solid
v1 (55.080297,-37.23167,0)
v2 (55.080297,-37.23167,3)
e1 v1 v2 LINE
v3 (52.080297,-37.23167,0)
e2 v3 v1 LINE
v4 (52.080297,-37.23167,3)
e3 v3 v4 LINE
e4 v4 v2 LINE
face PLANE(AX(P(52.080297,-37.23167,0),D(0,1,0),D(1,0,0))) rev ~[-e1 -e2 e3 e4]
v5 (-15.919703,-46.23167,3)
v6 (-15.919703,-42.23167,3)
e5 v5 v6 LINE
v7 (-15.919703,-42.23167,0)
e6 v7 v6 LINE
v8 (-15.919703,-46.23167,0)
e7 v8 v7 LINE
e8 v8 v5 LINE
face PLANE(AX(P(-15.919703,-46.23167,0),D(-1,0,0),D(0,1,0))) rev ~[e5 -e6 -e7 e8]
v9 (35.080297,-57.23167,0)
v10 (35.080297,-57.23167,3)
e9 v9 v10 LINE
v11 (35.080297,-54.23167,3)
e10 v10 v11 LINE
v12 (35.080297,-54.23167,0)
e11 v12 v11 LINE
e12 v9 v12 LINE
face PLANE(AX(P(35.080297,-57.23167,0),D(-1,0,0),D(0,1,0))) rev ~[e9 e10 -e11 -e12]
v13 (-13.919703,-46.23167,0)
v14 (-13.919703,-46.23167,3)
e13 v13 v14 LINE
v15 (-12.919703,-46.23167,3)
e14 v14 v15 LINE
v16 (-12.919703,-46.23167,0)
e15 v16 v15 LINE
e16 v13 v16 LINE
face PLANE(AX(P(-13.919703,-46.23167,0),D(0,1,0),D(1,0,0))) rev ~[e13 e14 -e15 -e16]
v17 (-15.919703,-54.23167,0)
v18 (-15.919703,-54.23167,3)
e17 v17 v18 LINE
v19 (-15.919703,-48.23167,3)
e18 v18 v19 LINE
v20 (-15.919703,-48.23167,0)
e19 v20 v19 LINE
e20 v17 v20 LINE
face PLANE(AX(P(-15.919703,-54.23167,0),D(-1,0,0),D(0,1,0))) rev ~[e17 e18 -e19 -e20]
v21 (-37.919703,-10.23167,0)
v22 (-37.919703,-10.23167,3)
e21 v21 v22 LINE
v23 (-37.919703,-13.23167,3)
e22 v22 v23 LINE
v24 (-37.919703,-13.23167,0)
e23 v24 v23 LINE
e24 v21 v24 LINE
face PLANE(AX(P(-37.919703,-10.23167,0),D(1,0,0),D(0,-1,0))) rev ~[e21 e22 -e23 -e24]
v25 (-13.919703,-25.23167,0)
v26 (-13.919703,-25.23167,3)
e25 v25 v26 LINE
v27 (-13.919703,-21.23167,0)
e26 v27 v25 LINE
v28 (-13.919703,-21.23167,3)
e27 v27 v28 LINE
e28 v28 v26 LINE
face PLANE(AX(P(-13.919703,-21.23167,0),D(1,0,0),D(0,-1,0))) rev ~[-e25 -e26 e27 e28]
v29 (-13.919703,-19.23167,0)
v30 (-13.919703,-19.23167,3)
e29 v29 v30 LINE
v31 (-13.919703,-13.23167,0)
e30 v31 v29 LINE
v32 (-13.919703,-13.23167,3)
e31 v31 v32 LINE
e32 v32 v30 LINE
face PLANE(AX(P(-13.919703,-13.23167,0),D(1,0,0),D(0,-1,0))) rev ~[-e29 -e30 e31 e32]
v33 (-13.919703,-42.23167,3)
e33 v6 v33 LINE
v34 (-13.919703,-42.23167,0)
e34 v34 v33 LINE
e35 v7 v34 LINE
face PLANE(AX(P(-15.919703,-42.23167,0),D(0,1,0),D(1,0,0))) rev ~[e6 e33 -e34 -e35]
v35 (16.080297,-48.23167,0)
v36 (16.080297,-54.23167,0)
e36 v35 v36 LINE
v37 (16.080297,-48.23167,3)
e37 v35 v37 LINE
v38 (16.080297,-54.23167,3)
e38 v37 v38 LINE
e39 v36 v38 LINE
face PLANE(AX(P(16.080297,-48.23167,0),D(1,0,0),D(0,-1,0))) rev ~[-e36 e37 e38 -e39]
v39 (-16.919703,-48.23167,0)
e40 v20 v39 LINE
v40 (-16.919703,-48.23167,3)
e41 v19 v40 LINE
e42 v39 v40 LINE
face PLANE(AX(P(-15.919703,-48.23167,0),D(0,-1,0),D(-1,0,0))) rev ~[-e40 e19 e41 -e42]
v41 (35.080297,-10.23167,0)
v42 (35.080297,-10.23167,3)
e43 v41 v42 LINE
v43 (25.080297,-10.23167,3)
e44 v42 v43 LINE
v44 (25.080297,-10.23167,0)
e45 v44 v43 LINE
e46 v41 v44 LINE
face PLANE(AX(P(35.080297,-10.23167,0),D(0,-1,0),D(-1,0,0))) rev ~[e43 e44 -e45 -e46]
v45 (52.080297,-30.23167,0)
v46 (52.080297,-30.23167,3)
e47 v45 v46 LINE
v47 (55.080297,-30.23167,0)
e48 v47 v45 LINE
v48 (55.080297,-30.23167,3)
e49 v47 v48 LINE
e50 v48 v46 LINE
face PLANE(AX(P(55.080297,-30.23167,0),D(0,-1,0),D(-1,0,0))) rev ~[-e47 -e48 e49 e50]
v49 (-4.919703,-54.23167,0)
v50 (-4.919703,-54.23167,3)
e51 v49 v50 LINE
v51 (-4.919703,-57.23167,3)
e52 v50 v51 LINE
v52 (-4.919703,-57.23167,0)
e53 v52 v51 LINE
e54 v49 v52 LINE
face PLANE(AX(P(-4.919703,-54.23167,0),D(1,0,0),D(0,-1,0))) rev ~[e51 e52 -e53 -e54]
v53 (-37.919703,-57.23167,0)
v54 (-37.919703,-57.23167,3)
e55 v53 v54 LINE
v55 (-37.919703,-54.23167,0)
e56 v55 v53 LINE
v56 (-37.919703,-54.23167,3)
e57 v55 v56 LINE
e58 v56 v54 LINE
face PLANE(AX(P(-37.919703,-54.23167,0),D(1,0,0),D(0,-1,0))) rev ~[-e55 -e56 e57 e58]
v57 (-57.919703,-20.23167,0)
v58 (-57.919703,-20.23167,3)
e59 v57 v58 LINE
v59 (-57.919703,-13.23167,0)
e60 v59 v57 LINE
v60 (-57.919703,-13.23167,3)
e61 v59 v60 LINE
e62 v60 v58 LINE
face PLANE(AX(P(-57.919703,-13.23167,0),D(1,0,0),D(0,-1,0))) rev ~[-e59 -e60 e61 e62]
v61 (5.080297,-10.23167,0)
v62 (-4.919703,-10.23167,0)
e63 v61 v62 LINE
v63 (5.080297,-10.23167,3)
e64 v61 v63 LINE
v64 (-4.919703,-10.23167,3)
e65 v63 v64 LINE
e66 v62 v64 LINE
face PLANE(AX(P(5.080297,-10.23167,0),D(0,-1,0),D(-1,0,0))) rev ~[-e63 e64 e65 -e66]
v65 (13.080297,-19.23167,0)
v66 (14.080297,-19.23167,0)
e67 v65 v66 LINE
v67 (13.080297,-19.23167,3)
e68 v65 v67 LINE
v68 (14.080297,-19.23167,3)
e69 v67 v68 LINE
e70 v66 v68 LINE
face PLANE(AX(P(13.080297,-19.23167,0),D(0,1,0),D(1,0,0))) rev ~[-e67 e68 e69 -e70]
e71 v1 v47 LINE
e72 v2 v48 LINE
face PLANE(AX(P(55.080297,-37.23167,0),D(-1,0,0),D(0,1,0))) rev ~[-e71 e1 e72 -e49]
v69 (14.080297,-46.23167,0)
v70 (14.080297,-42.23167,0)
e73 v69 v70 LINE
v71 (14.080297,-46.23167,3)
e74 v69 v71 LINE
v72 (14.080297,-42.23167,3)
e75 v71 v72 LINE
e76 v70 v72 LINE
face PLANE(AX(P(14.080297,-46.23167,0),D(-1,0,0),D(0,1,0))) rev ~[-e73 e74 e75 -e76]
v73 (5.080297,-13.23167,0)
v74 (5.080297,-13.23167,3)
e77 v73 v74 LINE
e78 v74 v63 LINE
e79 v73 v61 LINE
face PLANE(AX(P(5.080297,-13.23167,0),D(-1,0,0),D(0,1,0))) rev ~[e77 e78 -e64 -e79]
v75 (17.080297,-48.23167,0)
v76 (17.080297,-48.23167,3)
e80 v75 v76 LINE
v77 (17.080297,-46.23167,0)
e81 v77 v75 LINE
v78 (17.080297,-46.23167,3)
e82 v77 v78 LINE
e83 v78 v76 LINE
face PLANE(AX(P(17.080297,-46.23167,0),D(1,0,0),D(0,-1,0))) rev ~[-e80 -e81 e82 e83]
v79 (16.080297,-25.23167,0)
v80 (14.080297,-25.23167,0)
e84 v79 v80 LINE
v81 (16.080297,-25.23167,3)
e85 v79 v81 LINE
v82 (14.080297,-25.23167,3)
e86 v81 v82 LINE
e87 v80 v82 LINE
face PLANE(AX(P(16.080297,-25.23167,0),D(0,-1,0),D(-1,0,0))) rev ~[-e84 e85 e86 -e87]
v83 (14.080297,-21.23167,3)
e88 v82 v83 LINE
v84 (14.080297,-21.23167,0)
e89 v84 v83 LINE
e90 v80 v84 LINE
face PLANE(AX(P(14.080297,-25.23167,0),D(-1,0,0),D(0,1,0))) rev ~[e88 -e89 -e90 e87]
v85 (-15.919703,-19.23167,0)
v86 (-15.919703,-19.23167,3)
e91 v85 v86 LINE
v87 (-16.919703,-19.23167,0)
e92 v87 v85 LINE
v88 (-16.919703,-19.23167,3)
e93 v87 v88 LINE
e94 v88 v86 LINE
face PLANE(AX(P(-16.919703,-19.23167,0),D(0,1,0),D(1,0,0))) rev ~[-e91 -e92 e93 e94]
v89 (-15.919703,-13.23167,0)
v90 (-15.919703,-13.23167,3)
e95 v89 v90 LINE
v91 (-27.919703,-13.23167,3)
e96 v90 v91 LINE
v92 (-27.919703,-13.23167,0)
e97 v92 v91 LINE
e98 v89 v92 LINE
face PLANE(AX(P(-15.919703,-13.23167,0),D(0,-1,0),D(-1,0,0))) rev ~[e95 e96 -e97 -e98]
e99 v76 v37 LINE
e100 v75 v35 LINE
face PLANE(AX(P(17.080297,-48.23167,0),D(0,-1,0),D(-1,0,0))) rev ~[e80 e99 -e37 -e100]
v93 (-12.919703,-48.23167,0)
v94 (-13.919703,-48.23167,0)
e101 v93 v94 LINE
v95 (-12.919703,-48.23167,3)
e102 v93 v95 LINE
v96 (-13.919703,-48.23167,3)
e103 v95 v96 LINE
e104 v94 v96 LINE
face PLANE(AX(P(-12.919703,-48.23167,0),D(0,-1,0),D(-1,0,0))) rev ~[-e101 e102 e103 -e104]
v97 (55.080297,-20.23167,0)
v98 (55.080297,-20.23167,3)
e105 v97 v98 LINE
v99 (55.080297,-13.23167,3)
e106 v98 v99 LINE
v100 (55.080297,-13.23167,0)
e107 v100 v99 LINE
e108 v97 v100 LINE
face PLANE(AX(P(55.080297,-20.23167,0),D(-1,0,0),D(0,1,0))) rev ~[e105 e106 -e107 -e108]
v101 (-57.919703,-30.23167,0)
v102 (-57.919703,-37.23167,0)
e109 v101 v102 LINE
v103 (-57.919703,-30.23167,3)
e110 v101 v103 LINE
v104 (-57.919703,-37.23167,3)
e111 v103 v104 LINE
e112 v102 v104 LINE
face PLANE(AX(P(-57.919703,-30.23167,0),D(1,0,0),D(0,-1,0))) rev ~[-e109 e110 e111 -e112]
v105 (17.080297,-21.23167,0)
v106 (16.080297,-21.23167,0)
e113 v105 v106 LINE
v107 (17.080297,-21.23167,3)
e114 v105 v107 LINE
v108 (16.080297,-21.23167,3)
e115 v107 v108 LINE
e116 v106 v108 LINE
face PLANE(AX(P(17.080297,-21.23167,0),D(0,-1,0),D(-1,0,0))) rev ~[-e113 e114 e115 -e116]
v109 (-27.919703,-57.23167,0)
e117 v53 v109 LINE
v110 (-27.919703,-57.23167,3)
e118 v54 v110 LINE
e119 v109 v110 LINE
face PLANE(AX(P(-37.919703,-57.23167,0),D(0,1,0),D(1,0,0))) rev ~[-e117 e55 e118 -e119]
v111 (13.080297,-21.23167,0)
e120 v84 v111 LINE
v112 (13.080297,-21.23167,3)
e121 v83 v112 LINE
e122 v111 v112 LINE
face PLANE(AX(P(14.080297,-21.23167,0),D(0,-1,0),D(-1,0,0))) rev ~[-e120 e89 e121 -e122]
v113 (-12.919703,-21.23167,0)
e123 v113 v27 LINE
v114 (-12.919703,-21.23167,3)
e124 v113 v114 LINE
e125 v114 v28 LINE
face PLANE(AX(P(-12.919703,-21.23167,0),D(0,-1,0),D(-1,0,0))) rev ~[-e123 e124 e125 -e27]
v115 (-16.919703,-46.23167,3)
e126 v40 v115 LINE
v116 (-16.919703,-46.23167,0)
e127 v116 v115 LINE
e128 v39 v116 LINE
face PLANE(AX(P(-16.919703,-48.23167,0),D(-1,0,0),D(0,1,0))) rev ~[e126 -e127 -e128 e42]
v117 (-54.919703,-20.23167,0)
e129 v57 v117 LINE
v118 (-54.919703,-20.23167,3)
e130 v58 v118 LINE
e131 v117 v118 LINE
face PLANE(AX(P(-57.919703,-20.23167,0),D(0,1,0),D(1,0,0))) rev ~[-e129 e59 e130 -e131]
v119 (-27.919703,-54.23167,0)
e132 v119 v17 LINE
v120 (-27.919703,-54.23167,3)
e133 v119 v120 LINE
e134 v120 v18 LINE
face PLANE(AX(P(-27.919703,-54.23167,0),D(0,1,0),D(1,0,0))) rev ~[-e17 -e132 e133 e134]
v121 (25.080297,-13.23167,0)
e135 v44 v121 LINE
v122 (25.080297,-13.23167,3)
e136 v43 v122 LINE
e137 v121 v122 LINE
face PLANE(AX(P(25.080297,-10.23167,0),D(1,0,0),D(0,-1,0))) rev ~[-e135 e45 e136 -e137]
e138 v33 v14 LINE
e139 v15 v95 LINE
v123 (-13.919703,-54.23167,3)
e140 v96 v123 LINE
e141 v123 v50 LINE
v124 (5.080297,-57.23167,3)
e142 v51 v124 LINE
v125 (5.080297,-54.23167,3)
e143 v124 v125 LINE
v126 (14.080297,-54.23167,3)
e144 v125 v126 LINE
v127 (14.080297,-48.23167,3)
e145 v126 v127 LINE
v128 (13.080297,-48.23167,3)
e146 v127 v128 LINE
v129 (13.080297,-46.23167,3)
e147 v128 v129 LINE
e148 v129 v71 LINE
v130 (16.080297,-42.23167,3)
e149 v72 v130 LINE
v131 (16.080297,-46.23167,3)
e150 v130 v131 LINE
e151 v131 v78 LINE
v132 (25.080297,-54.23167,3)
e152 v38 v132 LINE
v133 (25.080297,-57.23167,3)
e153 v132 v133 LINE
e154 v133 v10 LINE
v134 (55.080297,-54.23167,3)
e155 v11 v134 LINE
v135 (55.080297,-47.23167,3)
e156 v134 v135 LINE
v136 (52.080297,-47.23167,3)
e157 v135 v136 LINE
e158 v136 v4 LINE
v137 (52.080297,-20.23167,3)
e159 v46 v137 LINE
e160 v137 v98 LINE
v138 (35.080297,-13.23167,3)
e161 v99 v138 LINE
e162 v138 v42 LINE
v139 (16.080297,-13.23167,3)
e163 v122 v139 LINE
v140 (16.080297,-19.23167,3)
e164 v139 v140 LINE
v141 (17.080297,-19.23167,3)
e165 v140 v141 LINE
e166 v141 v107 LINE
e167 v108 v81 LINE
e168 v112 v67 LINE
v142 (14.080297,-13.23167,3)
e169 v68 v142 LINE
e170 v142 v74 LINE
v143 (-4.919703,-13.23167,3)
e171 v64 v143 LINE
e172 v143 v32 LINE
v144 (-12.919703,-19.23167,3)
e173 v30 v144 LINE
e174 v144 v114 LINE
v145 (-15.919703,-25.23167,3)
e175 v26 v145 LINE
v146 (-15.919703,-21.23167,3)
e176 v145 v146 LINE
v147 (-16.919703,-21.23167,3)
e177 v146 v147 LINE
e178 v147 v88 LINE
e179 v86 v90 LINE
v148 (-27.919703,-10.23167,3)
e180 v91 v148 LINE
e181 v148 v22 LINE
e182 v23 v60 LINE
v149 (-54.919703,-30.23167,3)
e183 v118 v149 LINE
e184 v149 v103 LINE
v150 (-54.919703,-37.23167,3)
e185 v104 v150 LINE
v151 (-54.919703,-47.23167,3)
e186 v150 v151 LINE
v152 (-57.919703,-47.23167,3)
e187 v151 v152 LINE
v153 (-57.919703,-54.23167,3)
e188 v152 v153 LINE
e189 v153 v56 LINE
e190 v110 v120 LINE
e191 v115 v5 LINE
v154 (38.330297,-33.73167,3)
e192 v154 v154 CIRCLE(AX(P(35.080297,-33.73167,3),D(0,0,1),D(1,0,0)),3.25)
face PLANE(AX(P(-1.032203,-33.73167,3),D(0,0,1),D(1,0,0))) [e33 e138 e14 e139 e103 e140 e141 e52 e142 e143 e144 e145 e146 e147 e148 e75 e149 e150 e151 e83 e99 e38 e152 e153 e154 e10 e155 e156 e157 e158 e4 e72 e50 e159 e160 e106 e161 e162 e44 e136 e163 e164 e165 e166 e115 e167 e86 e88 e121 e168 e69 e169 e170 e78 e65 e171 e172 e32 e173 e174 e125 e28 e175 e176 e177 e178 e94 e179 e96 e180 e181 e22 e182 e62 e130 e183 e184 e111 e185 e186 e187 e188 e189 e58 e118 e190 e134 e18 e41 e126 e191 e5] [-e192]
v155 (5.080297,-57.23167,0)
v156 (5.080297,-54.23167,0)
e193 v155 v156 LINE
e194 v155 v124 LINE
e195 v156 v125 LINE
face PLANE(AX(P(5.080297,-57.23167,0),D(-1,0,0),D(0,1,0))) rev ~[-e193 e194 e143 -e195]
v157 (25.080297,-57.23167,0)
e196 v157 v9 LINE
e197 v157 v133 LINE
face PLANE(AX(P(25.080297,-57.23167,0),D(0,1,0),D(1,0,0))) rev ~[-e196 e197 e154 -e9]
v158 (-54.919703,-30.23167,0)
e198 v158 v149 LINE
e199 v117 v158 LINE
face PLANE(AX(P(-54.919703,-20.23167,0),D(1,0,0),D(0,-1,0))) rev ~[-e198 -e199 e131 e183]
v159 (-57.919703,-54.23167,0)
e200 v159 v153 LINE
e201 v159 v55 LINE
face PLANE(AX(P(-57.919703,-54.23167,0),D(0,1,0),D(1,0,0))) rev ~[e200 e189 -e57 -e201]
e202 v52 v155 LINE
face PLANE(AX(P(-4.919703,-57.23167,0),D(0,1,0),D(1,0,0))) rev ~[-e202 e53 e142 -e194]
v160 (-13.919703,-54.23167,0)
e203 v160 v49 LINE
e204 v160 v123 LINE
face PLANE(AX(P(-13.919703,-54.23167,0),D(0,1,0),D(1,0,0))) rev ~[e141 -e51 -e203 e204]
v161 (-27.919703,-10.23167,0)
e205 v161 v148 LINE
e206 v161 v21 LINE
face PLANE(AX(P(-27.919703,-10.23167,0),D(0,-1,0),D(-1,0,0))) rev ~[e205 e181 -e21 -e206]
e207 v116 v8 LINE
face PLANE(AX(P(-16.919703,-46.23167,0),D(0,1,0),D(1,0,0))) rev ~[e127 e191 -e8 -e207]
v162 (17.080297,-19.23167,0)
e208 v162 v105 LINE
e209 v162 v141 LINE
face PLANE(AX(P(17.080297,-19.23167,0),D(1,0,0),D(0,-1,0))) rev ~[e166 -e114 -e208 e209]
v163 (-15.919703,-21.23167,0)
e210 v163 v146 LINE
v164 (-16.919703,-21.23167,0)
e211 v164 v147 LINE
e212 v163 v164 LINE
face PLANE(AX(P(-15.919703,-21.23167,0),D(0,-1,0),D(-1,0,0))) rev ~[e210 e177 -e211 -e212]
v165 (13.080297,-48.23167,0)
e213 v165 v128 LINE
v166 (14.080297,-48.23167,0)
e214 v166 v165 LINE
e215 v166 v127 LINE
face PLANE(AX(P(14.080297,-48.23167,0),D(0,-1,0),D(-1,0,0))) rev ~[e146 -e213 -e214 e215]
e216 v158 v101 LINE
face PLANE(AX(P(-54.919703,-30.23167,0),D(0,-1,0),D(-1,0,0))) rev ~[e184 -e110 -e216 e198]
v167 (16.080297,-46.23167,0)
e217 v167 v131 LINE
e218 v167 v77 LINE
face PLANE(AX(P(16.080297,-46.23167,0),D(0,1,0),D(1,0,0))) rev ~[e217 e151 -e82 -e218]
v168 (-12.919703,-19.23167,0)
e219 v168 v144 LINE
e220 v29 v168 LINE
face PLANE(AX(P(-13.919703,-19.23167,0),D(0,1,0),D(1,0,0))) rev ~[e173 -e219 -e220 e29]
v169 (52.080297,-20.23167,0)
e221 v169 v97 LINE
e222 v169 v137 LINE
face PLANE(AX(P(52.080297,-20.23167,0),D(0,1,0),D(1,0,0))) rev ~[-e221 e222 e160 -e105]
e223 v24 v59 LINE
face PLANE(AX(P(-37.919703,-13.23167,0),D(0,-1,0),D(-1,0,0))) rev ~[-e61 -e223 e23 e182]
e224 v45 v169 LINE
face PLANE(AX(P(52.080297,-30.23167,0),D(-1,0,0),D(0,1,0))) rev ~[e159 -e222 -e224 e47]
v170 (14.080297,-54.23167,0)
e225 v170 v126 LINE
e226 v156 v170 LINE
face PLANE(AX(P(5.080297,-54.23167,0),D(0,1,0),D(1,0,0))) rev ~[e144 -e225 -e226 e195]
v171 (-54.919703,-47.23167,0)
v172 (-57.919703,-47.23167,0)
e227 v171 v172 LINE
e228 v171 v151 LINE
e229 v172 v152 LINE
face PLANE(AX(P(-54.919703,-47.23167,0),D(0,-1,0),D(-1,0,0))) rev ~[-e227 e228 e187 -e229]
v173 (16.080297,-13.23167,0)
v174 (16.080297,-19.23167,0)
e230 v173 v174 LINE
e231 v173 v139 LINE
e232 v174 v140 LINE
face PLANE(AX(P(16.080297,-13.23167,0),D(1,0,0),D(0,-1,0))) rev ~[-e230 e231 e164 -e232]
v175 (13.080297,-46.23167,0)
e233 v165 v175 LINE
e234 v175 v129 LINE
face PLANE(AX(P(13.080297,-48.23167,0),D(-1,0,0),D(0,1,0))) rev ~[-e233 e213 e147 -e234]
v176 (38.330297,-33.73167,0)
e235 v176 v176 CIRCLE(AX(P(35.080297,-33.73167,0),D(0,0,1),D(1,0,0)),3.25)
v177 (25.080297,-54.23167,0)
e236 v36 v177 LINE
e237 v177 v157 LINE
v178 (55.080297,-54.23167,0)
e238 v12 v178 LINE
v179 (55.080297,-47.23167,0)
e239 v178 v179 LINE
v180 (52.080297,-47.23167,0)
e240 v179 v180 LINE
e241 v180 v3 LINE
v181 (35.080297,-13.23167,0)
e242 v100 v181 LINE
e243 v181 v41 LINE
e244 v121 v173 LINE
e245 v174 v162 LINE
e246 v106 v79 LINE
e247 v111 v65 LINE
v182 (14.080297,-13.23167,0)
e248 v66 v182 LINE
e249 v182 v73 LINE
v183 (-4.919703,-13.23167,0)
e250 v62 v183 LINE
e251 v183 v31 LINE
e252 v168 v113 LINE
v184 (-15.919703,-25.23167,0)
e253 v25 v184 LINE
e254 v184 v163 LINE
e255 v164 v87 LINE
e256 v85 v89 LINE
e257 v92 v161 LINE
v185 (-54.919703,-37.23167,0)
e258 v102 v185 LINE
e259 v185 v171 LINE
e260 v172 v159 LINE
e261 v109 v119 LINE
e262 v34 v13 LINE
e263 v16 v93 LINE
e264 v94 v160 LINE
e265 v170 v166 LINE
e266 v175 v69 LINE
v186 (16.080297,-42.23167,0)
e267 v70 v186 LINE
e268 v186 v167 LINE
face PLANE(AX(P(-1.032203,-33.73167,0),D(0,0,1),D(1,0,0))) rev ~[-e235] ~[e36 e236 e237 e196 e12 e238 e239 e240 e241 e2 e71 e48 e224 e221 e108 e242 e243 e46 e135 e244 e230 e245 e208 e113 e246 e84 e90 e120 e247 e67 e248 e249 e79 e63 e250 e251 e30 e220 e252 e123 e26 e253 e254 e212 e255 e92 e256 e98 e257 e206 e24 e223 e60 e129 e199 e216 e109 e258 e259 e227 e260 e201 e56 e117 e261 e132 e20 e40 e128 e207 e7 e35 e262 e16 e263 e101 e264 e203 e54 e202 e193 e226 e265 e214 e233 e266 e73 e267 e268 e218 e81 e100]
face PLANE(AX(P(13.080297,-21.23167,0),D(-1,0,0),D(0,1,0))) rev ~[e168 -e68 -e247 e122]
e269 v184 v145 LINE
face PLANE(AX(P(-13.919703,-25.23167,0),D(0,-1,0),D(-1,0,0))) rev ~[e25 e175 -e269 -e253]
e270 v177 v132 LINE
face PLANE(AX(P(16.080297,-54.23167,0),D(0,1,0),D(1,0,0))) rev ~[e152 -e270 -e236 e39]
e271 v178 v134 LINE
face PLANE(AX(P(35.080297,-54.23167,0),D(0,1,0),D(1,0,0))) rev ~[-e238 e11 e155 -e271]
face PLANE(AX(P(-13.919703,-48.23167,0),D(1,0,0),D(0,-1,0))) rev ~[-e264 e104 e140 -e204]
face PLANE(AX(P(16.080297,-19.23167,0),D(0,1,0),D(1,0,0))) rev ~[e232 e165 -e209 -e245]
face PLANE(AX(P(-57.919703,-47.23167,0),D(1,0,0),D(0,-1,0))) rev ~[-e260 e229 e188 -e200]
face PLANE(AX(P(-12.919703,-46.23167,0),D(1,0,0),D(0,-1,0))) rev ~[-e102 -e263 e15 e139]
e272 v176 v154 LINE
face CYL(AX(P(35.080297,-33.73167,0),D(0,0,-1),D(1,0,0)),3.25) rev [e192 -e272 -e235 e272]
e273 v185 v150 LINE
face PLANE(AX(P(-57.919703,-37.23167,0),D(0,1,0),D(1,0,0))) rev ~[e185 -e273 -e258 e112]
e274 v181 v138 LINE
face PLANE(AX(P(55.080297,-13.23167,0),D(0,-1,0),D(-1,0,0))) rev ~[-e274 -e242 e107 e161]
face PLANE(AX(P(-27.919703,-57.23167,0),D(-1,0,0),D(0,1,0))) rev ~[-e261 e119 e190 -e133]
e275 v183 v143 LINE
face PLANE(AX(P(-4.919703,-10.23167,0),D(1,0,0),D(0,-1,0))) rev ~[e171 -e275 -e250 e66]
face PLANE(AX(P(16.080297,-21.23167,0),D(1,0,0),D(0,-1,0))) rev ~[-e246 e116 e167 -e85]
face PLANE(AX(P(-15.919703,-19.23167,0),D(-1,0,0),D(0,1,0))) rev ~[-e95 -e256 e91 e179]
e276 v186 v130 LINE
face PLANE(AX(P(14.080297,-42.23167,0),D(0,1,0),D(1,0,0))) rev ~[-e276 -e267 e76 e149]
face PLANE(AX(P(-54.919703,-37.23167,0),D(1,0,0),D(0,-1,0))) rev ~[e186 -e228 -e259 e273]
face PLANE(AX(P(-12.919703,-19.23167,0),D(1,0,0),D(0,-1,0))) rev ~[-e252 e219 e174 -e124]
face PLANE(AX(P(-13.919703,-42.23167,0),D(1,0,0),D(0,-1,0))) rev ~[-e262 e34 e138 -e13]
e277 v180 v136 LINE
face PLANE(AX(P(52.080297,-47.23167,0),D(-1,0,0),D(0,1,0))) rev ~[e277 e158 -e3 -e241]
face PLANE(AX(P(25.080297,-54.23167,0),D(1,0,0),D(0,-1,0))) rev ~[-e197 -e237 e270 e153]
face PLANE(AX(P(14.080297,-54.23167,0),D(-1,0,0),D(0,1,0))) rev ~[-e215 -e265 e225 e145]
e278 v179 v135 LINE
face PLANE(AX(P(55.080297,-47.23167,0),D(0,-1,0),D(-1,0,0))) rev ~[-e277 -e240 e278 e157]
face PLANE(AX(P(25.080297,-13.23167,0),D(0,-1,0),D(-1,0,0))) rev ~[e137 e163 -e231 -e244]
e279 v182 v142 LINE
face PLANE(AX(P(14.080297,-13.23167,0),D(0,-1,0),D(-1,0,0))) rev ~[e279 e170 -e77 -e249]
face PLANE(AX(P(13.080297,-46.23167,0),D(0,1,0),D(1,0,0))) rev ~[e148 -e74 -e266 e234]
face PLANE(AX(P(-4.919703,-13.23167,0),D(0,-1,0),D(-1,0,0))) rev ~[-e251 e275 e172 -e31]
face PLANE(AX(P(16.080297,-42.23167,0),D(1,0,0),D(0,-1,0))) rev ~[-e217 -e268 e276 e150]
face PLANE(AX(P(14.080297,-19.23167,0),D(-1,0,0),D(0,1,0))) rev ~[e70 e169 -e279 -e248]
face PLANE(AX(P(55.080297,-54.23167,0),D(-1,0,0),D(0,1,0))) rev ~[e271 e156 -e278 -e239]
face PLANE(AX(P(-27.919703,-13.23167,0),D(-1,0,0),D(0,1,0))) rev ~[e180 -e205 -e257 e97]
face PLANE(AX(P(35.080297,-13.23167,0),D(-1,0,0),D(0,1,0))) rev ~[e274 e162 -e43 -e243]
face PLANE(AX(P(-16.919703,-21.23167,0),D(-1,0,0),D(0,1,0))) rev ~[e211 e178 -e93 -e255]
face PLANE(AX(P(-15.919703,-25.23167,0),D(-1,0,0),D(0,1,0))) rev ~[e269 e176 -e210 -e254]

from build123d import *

# Parameters (mm, degrees)
F0_R     = 3.25
F1_DEPTH = 3


with BuildPart() as f1:
    # F0 (on Top) → F1 (new body)
    with BuildSketch(Plane.XY):
        Polygon((35.080297, -54.23167), (55.080297, -54.23167), (55.080297, -47.23167), (52.080297, -47.23167), (52.080297, -37.23167), (55.080297, -37.23167), (55.080297, -30.23167), (52.080297, -30.23167), (52.080297, -20.23167), (55.080297, -20.23167), (55.080297, -13.23167), (35.080297, -13.23167), (35.080297, -10.23167), (25.080297, -10.23167), (25.080297, -13.23167), (16.080297, -13.23167), (16.080297, -19.23167), (17.080297, -19.23167), (17.080297, -21.23167), (16.080297, -21.23167), (16.080297, -25.23167), (14.080297, -25.23167), (14.080297, -21.23167), (13.080297, -21.23167), (13.080297, -19.23167), (14.080297, -19.23167), (14.080297, -13.23167), (5.080297, -13.23167), (5.080297, -10.23167), (-4.919703, -10.23167), (-4.919703, -13.23167), (-13.919703, -13.23167), (-13.919703, -19.23167), (-12.919703, -19.23167), (-12.919703, -21.23167), (-13.919703, -21.23167), (-13.919703, -25.23167), (-15.919703, -25.23167), (-15.919703, -21.23167), (-16.919703, -21.23167), (-16.919703, -19.23167), (-15.919703, -19.23167), (-15.919703, -13.23167), (-27.919703, -13.23167), (-27.919703, -10.23167), (-37.919703, -10.23167), (-37.919703, -13.23167), (-57.919703, -13.23167), (-57.919703, -20.23167), (-54.919703, -20.23167), (-54.919703, -30.23167), (-57.919703, -30.23167), (-57.919703, -37.23167), (-54.919703, -37.23167), (-54.919703, -47.23167), (-57.919703, -47.23167), (-57.919703, -54.23167), (-37.919703, -54.23167), (-37.919703, -57.23167), (-27.919703, -57.23167), (-27.919703, -54.23167), (-15.919703, -54.23167), (-15.919703, -48.23167), (-16.919703, -48.23167), (-16.919703, -46.23167), (-15.919703, -46.23167), (-15.919703, -42.23167), (-13.919703, -42.23167), (-13.919703, -46.23167), (-12.919703, -46.23167), (-12.919703, -48.23167), (-13.919703, -48.23167), (-13.919703, -54.23167), (-4.919703, -54.23167), (-4.919703, -57.23167), (5.080297, -57.23167), (5.080297, -54.23167), (14.080297, -54.23167), (14.080297, -48.23167), (13.080297, -48.23167), (13.080297, -46.23167), (14.080297, -46.23167), (14.080297, -42.23167), (16.080297, -42.23167), (16.080297, -46.23167), (17.080297, -46.23167), (17.080297, -48.23167), (16.080297, -48.23167), (16.080297, -54.23167), (25.080297, -54.23167), (25.080297, -57.23167), (35.080297, -57.23167), align=None)
        with Locations((35.080297, -33.73167)):
            Circle(F0_R, mode=Mode.SUBTRACT)
    extrude(amount=F1_DEPTH)


solid = f1.part
